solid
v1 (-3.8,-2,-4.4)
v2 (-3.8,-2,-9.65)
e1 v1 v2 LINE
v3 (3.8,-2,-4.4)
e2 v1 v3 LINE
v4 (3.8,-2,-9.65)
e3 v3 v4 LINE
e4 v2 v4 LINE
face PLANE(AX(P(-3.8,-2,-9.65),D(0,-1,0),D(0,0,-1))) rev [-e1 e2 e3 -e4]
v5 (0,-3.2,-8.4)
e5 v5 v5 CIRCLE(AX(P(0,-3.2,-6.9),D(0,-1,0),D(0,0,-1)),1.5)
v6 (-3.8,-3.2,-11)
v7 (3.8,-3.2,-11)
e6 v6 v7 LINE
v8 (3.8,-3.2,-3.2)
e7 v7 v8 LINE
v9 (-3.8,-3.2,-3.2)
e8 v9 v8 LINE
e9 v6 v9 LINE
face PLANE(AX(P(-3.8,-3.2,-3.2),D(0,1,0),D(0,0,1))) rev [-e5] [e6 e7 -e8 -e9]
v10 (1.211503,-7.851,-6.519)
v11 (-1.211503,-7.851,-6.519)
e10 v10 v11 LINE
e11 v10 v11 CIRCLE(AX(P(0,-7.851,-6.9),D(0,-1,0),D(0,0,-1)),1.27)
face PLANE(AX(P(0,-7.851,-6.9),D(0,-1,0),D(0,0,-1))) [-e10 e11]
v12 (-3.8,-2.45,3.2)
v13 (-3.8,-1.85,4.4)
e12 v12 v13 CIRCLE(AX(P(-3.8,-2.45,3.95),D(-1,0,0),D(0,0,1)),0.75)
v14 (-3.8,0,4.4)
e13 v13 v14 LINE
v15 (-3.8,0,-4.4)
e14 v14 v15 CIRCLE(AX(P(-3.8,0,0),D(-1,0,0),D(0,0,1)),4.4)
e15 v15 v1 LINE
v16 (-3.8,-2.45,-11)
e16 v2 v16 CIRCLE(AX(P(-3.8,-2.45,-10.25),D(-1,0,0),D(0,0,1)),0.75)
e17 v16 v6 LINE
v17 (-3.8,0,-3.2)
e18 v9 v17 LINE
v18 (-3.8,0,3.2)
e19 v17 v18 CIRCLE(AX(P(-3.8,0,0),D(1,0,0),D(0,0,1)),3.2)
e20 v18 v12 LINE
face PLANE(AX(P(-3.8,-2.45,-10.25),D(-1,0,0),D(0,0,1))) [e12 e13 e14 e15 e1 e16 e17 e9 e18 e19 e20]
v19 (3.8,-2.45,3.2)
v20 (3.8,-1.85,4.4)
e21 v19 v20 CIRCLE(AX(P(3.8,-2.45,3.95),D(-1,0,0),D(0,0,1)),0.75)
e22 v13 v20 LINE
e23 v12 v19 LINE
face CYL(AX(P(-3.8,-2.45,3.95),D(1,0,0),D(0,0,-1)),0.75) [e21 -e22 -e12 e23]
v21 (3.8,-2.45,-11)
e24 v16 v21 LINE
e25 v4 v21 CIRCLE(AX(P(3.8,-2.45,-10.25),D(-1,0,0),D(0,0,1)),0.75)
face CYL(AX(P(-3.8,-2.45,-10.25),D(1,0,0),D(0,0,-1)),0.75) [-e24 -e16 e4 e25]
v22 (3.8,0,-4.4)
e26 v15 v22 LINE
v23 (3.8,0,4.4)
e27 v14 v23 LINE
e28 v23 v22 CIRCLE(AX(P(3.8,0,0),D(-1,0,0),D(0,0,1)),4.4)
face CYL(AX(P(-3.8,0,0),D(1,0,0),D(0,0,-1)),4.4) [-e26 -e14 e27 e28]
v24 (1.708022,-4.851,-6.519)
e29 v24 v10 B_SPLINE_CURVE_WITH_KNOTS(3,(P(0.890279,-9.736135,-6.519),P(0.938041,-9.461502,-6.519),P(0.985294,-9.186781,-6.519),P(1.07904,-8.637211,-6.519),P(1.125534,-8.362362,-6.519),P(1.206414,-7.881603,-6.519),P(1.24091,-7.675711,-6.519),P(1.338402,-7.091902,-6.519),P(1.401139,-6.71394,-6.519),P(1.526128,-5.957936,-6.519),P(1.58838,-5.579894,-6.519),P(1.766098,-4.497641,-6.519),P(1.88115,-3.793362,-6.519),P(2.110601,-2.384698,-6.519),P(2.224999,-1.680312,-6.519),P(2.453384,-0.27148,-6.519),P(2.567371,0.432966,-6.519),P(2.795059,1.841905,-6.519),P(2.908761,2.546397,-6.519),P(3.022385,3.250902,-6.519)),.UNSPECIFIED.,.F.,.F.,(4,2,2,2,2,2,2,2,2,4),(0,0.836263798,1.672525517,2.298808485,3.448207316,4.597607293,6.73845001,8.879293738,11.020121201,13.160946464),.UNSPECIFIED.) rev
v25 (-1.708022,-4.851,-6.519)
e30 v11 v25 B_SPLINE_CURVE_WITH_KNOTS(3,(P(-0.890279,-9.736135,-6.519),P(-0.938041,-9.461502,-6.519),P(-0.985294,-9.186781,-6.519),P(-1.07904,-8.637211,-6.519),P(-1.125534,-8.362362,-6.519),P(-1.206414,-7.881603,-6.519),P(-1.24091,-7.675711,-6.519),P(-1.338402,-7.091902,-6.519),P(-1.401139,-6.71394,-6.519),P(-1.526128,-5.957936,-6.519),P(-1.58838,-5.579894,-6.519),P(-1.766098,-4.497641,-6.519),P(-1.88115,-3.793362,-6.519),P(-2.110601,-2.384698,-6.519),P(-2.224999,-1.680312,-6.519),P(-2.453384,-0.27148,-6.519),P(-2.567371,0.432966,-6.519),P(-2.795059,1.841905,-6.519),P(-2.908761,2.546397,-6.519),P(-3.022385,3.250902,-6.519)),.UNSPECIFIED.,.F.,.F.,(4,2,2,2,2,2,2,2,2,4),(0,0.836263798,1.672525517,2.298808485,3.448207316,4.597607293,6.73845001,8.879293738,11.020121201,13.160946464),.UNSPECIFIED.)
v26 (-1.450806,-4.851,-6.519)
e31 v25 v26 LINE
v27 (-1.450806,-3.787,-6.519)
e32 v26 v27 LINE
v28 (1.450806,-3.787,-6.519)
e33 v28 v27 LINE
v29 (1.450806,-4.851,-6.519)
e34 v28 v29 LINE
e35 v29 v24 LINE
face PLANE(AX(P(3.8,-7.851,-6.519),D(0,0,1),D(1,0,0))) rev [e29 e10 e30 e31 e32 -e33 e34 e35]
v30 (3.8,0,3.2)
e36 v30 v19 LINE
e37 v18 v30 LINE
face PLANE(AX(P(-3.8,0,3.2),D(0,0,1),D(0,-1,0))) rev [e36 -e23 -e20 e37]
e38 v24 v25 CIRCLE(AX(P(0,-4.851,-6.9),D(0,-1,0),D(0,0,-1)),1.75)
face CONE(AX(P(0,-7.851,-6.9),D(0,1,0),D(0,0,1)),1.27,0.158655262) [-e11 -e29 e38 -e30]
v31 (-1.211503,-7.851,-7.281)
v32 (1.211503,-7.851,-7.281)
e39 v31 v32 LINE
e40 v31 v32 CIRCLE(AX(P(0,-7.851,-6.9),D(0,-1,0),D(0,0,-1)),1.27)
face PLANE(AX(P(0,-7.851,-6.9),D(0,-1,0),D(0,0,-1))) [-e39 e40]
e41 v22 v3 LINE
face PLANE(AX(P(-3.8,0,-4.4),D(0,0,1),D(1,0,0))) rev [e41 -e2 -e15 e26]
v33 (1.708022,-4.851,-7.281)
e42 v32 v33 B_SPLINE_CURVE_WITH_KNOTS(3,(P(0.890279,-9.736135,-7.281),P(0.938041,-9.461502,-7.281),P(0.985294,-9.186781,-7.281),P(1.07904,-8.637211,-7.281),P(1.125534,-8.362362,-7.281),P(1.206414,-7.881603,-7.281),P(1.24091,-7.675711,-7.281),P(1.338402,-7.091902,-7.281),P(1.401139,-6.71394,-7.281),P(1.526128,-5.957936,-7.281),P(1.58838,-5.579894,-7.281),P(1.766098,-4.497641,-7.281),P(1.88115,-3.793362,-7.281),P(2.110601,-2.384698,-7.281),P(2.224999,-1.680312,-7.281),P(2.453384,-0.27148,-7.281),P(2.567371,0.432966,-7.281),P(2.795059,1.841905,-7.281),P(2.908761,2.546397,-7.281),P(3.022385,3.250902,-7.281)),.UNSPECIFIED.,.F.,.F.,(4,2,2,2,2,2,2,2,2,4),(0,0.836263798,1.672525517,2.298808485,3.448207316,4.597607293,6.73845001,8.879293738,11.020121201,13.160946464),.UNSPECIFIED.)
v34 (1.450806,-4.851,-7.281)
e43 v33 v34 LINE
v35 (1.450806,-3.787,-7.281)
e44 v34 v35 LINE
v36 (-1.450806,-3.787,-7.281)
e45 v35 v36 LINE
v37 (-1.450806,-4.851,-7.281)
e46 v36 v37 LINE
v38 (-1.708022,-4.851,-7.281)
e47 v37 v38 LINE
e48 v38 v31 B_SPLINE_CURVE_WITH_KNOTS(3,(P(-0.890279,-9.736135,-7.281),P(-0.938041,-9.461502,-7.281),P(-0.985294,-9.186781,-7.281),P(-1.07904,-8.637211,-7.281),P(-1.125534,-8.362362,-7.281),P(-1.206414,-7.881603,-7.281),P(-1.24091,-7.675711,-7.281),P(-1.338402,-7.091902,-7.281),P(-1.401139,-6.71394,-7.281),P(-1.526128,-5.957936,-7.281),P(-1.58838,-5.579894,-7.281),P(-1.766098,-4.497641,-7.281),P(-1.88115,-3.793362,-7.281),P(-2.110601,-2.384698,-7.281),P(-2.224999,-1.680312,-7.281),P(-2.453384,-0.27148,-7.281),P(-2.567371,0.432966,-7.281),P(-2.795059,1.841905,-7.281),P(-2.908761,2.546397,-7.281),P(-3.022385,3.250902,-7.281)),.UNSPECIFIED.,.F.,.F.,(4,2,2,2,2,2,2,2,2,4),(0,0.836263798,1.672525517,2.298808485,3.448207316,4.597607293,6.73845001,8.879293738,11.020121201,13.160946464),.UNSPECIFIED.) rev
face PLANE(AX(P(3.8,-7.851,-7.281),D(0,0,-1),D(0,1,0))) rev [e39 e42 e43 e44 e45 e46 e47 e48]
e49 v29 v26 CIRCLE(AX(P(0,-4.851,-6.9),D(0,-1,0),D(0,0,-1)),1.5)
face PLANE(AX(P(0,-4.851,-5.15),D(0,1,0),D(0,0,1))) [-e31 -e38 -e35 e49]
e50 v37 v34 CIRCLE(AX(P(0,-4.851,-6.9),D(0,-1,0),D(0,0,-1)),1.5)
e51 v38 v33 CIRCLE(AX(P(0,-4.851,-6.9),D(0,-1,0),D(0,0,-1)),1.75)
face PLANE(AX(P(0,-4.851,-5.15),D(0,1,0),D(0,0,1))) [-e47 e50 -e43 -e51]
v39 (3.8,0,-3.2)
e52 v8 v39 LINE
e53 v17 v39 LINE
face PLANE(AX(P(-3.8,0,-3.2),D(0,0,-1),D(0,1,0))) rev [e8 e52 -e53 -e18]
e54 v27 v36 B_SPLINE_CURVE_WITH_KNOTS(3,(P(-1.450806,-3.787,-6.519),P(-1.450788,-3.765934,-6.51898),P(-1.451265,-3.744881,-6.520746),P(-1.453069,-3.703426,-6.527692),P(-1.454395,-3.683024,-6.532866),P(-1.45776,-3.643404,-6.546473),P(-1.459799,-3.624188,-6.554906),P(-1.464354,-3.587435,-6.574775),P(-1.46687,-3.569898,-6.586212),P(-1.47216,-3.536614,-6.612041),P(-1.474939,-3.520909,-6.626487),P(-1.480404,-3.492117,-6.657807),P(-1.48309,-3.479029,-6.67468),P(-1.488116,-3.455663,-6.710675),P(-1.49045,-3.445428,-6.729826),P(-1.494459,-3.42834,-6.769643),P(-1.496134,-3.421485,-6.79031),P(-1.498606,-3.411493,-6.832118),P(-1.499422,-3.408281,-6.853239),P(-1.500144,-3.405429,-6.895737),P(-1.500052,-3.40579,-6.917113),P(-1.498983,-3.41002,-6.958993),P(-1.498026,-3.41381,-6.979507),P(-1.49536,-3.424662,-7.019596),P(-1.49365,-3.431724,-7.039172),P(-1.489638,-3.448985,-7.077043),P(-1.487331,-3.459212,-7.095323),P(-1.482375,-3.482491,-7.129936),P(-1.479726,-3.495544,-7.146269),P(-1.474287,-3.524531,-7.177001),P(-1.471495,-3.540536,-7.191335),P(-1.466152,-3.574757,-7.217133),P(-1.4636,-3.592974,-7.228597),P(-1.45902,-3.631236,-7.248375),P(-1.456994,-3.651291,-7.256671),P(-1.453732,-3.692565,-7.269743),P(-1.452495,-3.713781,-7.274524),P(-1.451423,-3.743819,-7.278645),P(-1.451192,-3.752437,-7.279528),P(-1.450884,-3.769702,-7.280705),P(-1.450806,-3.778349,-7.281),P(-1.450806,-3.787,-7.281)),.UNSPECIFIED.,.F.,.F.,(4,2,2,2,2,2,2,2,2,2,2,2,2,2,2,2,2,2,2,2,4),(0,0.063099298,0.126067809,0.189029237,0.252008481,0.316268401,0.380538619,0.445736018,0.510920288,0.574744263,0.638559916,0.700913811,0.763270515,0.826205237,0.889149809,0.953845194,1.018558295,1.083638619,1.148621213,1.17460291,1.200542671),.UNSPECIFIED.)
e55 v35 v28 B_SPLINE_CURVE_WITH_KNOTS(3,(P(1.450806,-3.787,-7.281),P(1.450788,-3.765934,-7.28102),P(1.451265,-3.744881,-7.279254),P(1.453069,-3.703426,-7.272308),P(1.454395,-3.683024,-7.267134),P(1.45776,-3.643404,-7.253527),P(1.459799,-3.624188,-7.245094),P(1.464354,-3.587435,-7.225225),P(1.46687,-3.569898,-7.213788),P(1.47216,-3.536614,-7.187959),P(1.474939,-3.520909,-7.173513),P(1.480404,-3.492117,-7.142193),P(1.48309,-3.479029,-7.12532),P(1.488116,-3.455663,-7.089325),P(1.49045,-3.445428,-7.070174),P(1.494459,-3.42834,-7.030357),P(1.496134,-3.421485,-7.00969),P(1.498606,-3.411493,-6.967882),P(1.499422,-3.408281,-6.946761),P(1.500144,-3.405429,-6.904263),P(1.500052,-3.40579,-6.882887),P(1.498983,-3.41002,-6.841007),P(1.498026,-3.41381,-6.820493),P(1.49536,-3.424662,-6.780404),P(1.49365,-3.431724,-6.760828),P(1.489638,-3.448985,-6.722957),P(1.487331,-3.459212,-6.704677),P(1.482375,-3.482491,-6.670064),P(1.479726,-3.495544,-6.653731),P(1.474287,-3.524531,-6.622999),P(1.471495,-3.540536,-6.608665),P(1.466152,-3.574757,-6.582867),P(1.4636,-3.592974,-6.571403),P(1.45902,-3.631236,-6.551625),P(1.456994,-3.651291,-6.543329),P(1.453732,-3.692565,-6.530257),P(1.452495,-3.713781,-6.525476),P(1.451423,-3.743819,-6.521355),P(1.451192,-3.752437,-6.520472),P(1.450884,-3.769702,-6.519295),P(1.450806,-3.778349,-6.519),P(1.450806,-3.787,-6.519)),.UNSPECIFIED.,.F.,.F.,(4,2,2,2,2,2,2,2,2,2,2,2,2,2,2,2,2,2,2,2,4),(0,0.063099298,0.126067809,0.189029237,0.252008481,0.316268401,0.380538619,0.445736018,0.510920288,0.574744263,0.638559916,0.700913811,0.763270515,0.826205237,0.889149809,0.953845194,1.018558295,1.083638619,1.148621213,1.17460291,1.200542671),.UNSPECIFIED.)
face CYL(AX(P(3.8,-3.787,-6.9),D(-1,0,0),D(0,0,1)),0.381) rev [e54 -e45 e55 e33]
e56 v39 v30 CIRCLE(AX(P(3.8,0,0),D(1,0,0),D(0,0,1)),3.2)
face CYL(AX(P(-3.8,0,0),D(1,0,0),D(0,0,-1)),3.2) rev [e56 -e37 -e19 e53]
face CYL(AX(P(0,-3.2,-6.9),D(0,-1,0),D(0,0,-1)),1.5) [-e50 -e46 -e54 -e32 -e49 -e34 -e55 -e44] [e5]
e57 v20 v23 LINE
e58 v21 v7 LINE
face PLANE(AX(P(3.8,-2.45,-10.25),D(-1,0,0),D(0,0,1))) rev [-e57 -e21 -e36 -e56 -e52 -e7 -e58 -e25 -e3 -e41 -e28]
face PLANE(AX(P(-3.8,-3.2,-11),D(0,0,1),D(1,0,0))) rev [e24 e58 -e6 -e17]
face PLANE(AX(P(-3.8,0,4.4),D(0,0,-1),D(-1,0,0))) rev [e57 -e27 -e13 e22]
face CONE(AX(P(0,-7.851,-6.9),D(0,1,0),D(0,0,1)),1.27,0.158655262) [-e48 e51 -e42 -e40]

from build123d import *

# Parameters (mm, degrees)
BASE_EXTRUDE_DEPTH      = 3.8
CUT_EXTRUDE1_DEPTH      = 15.038454366
CUT_EXTRUDE1_DEPTH_BACK = 15.038454366


with BuildPart() as part:
    # Sketch1 → Base-Extrude (new, symmetric)
    with BuildSketch(Plane.ZY):
        with BuildLine():
            Line((-9.65, -2), (-4.4, -2))
            Line((-4.4, -2), (-4.4, 0))
            ThreePointArc((-4.4, 0), (0, 4.4), (4.4, 0))
            Line((4.4, 0), (4.4, -1.85))
            ThreePointArc((4.4, -1.85), (4.285410197, -3.120820393), (3.2, -2.45))
            Line((3.2, -2.45), (3.2, 0))
            ThreePointArc((3.2, 0), (0, 3.2), (-3.2, 0))
            Line((-3.2, 0), (-3.2, -3.2))
            Line((-3.2, -3.2), (-11, -3.2))
            Line((-11, -3.2), (-11, -2.45))
            ThreePointArc((-11, -2.45), (-10.487170825, -1.738487526), (-9.65, -2))
        make_face()
    extrude(amount=BASE_EXTRUDE_DEPTH, both=True)

    # Sketch4 → Boss-Revolve1 (revolve)
    with BuildSketch(Plane.ZY, mode=Mode.PRIVATE) as boss_revolve1_sk:
        Polygon((-6.9, -3.2), (-6.9, -7.851), (-5.63, -7.851), (-5.15, -4.851), (-5.4, -4.851), (-5.4, -3.2), align=None)
    revolve(boss_revolve1_sk.sketch.rotate(Axis((0, -3.2, -6.9), (0, 1, 0)), 180), axis=Axis((0, -3.2, -6.9), (0, 1, 0)))

    # Sketch5 → Cut-Extrude1 (cut, two sides: drawn at the far end of the back side and taken through both)
    with BuildSketch(Plane.ZY.offset(-CUT_EXTRUDE1_DEPTH_BACK)):
        with BuildLine():
            Line((-7.281, -7.851), (-6.519, -7.851))
            Line((-6.519, -7.851), (-6.519, -3.787))
            ThreePointArc((-6.519, -3.787), (-6.9, -3.406), (-7.281, -3.787))
            Line((-7.281, -3.787), (-7.281, -7.851))
        make_face()
    extrude(amount=CUT_EXTRUDE1_DEPTH + CUT_EXTRUDE1_DEPTH_BACK, mode=Mode.SUBTRACT)


solid = part.part
